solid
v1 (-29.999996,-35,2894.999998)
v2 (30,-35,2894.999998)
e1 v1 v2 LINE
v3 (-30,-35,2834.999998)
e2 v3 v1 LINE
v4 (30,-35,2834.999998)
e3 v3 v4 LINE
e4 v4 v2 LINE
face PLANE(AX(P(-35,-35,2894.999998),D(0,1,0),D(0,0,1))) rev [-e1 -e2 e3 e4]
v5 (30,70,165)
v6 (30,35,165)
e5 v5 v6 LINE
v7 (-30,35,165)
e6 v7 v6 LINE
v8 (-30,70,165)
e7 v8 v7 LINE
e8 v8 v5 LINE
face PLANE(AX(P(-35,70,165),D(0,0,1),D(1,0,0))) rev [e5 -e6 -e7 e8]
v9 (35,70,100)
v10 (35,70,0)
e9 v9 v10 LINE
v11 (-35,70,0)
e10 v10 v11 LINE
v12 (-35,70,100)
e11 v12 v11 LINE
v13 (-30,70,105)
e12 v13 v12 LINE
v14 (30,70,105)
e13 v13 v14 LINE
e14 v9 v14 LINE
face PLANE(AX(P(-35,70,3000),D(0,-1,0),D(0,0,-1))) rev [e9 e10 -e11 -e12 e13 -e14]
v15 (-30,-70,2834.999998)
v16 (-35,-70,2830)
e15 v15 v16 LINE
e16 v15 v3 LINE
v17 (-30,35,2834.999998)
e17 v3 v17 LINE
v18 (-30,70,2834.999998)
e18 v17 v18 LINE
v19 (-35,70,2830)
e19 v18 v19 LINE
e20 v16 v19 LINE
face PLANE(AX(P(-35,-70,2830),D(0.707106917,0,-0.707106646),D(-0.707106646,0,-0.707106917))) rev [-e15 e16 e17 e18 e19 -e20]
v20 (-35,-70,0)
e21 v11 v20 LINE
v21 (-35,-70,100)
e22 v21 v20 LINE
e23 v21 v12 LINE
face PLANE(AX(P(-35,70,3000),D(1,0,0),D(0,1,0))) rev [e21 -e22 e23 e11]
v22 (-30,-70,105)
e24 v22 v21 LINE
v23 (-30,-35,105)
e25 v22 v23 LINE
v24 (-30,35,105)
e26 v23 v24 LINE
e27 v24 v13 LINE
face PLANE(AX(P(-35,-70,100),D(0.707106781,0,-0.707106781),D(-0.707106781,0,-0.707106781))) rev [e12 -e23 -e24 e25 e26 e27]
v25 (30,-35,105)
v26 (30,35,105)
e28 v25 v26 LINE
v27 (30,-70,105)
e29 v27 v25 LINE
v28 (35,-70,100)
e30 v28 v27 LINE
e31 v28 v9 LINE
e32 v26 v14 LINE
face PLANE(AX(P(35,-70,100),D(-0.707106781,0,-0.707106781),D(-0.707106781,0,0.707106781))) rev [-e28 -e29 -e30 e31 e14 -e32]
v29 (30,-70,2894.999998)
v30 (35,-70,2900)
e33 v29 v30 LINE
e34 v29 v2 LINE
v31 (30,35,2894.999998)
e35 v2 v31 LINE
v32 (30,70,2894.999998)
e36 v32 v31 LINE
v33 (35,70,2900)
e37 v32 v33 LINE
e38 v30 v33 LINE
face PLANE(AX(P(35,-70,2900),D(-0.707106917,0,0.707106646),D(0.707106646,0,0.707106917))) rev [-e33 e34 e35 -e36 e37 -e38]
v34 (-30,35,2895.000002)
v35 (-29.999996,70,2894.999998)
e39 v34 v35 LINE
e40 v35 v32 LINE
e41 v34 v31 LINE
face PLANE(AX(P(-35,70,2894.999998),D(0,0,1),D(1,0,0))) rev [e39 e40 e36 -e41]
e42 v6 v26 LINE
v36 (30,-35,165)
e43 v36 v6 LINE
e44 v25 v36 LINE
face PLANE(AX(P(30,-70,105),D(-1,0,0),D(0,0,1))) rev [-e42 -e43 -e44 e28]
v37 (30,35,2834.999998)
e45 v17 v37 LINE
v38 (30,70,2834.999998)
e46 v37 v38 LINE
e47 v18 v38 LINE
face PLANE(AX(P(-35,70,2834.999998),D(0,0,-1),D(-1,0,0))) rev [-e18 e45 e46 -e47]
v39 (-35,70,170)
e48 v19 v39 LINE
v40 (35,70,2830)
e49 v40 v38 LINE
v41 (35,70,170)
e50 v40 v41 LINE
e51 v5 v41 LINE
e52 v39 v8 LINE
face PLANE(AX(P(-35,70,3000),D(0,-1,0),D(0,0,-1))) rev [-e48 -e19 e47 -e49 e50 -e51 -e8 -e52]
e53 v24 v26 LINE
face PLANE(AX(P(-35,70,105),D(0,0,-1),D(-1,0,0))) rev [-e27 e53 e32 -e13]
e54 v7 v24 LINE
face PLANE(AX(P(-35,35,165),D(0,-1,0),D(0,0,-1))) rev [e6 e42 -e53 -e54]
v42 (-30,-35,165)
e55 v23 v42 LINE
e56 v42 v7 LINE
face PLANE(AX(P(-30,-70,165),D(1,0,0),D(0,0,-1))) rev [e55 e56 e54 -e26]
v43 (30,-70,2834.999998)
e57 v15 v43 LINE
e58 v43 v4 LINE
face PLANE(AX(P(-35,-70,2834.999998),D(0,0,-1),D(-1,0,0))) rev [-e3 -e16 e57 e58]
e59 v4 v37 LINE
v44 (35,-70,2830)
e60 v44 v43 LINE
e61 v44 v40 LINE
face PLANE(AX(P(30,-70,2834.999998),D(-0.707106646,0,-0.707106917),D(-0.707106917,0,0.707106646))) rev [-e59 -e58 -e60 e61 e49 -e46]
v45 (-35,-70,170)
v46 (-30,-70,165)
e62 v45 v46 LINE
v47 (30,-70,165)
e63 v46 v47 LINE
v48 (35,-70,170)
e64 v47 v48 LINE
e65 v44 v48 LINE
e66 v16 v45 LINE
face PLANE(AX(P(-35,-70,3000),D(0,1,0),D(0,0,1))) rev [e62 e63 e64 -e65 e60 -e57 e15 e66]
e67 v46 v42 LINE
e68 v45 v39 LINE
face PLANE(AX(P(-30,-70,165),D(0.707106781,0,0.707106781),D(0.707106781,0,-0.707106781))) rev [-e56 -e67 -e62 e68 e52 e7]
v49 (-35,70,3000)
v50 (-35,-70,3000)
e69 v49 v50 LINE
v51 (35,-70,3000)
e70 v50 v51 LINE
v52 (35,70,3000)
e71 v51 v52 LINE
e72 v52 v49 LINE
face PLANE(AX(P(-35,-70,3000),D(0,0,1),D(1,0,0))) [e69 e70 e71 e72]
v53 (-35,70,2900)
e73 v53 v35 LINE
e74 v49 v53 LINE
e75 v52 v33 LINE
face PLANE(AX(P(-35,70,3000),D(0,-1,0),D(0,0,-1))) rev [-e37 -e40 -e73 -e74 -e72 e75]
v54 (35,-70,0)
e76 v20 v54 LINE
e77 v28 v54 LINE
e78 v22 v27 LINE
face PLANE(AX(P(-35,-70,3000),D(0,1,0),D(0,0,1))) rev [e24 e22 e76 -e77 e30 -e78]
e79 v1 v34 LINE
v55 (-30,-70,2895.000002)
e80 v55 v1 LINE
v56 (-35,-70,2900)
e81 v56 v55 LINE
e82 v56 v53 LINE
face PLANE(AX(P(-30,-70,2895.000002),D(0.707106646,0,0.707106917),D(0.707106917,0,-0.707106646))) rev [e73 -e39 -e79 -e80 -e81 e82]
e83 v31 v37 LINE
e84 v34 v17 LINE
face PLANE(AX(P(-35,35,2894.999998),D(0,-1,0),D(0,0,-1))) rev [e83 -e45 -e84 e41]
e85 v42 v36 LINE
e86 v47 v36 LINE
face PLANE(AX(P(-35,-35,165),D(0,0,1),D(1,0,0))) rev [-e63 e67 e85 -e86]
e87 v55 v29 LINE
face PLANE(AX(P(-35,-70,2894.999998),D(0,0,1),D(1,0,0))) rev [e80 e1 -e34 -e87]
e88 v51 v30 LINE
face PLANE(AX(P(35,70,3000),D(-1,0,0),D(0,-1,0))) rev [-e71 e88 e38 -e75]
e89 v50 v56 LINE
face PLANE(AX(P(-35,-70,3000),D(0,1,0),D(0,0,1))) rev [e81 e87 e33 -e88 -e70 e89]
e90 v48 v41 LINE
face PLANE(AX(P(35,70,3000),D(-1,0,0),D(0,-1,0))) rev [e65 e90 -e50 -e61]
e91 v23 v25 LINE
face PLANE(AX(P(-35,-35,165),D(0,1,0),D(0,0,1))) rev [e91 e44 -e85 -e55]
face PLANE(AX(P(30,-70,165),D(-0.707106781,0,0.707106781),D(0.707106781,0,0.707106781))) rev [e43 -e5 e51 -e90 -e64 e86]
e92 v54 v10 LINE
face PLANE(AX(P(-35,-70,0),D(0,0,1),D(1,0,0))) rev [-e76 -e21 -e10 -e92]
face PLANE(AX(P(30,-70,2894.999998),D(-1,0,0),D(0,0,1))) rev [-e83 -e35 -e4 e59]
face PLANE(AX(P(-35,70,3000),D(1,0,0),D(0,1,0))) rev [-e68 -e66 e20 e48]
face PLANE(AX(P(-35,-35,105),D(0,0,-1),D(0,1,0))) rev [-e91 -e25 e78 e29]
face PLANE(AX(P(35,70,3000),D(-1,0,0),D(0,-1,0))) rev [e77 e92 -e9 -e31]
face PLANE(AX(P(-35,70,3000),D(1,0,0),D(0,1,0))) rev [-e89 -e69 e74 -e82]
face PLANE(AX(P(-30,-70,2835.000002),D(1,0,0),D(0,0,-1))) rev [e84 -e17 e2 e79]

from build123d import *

# Parameters (mm, degrees)
SKETCH1_W          = 70
SKETCH1_H          = 140
EXTRUDE1_DEPTH     = 3000
CUT_EXTRUDE1_DEPTH = 141
SKETCH3_W          = 60
SKETCH3_H          = 35
CUT_EXTRUDE2_DEPTH = 66
CUT_EXTRUDE3_DEPTH = 141
SKETCH5_W          = 60
SKETCH5_H          = 35
CUT_EXTRUDE4_DEPTH = 66


with BuildPart() as part:
    # Sketch1 → Extrude1 (new body)
    with BuildSketch(Plane.XY):
        Rectangle(SKETCH1_W, SKETCH1_H)
    extrude(amount=EXTRUDE1_DEPTH)

    # Sketch2 → Cut-Extrude1 (cut, through all)
    with BuildSketch(Plane(origin=(0, 70, 0), x_dir=(-1, 0, 0), z_dir=(0, 1, 0))):
        Polygon((35, 100), (30, 105), (30, 165), (35, 170), align=None)
        Polygon((-35, 100), (-30, 105), (-30, 165), (-35, 170), align=None)
    extrude(amount=-CUT_EXTRUDE1_DEPTH, mode=Mode.SUBTRACT)

    # Sketch3 → Cut-Extrude2 (cut, through all)
    with BuildSketch(Plane(origin=(30, 0, 0), x_dir=(0, 0, -1), z_dir=(1, 0, 0))):
        with Locations((-135, 52.5)):
            Rectangle(SKETCH3_W, SKETCH3_H)
        with Locations((-135, -52.5)):
            Rectangle(SKETCH3_W, SKETCH3_H)
    extrude(amount=-CUT_EXTRUDE2_DEPTH, mode=Mode.SUBTRACT)

    # Sketch4 → Cut-Extrude3 (cut, through all)
    with BuildSketch(Plane(origin=(0, 70, 0), x_dir=(-1, 0, 0), z_dir=(0, 1, 0))):
        Polygon((-35, 2830), (-35, 2900), (-30, 2894.999998083), (-30, 2834.999998083), align=None)
        Polygon((35, 2830), (30, 2835.000001917), (30, 2895.000001917), (35, 2900), align=None)
    extrude(amount=-CUT_EXTRUDE3_DEPTH, mode=Mode.SUBTRACT)

    # Sketch5 → Cut-Extrude4 (cut, through all)
    with BuildSketch(Plane(origin=(30, 0, 0), x_dir=(0, 0, -1), z_dir=(1, 0, 0))):
        with Locations((-2864.999998083, 52.5)):
            Rectangle(SKETCH5_W, SKETCH5_H)
        with Locations((-2864.999998083, -52.5)):
            Rectangle(SKETCH5_W, SKETCH5_H)
    extrude(amount=-CUT_EXTRUDE4_DEPTH, mode=Mode.SUBTRACT)


solid = part.part
